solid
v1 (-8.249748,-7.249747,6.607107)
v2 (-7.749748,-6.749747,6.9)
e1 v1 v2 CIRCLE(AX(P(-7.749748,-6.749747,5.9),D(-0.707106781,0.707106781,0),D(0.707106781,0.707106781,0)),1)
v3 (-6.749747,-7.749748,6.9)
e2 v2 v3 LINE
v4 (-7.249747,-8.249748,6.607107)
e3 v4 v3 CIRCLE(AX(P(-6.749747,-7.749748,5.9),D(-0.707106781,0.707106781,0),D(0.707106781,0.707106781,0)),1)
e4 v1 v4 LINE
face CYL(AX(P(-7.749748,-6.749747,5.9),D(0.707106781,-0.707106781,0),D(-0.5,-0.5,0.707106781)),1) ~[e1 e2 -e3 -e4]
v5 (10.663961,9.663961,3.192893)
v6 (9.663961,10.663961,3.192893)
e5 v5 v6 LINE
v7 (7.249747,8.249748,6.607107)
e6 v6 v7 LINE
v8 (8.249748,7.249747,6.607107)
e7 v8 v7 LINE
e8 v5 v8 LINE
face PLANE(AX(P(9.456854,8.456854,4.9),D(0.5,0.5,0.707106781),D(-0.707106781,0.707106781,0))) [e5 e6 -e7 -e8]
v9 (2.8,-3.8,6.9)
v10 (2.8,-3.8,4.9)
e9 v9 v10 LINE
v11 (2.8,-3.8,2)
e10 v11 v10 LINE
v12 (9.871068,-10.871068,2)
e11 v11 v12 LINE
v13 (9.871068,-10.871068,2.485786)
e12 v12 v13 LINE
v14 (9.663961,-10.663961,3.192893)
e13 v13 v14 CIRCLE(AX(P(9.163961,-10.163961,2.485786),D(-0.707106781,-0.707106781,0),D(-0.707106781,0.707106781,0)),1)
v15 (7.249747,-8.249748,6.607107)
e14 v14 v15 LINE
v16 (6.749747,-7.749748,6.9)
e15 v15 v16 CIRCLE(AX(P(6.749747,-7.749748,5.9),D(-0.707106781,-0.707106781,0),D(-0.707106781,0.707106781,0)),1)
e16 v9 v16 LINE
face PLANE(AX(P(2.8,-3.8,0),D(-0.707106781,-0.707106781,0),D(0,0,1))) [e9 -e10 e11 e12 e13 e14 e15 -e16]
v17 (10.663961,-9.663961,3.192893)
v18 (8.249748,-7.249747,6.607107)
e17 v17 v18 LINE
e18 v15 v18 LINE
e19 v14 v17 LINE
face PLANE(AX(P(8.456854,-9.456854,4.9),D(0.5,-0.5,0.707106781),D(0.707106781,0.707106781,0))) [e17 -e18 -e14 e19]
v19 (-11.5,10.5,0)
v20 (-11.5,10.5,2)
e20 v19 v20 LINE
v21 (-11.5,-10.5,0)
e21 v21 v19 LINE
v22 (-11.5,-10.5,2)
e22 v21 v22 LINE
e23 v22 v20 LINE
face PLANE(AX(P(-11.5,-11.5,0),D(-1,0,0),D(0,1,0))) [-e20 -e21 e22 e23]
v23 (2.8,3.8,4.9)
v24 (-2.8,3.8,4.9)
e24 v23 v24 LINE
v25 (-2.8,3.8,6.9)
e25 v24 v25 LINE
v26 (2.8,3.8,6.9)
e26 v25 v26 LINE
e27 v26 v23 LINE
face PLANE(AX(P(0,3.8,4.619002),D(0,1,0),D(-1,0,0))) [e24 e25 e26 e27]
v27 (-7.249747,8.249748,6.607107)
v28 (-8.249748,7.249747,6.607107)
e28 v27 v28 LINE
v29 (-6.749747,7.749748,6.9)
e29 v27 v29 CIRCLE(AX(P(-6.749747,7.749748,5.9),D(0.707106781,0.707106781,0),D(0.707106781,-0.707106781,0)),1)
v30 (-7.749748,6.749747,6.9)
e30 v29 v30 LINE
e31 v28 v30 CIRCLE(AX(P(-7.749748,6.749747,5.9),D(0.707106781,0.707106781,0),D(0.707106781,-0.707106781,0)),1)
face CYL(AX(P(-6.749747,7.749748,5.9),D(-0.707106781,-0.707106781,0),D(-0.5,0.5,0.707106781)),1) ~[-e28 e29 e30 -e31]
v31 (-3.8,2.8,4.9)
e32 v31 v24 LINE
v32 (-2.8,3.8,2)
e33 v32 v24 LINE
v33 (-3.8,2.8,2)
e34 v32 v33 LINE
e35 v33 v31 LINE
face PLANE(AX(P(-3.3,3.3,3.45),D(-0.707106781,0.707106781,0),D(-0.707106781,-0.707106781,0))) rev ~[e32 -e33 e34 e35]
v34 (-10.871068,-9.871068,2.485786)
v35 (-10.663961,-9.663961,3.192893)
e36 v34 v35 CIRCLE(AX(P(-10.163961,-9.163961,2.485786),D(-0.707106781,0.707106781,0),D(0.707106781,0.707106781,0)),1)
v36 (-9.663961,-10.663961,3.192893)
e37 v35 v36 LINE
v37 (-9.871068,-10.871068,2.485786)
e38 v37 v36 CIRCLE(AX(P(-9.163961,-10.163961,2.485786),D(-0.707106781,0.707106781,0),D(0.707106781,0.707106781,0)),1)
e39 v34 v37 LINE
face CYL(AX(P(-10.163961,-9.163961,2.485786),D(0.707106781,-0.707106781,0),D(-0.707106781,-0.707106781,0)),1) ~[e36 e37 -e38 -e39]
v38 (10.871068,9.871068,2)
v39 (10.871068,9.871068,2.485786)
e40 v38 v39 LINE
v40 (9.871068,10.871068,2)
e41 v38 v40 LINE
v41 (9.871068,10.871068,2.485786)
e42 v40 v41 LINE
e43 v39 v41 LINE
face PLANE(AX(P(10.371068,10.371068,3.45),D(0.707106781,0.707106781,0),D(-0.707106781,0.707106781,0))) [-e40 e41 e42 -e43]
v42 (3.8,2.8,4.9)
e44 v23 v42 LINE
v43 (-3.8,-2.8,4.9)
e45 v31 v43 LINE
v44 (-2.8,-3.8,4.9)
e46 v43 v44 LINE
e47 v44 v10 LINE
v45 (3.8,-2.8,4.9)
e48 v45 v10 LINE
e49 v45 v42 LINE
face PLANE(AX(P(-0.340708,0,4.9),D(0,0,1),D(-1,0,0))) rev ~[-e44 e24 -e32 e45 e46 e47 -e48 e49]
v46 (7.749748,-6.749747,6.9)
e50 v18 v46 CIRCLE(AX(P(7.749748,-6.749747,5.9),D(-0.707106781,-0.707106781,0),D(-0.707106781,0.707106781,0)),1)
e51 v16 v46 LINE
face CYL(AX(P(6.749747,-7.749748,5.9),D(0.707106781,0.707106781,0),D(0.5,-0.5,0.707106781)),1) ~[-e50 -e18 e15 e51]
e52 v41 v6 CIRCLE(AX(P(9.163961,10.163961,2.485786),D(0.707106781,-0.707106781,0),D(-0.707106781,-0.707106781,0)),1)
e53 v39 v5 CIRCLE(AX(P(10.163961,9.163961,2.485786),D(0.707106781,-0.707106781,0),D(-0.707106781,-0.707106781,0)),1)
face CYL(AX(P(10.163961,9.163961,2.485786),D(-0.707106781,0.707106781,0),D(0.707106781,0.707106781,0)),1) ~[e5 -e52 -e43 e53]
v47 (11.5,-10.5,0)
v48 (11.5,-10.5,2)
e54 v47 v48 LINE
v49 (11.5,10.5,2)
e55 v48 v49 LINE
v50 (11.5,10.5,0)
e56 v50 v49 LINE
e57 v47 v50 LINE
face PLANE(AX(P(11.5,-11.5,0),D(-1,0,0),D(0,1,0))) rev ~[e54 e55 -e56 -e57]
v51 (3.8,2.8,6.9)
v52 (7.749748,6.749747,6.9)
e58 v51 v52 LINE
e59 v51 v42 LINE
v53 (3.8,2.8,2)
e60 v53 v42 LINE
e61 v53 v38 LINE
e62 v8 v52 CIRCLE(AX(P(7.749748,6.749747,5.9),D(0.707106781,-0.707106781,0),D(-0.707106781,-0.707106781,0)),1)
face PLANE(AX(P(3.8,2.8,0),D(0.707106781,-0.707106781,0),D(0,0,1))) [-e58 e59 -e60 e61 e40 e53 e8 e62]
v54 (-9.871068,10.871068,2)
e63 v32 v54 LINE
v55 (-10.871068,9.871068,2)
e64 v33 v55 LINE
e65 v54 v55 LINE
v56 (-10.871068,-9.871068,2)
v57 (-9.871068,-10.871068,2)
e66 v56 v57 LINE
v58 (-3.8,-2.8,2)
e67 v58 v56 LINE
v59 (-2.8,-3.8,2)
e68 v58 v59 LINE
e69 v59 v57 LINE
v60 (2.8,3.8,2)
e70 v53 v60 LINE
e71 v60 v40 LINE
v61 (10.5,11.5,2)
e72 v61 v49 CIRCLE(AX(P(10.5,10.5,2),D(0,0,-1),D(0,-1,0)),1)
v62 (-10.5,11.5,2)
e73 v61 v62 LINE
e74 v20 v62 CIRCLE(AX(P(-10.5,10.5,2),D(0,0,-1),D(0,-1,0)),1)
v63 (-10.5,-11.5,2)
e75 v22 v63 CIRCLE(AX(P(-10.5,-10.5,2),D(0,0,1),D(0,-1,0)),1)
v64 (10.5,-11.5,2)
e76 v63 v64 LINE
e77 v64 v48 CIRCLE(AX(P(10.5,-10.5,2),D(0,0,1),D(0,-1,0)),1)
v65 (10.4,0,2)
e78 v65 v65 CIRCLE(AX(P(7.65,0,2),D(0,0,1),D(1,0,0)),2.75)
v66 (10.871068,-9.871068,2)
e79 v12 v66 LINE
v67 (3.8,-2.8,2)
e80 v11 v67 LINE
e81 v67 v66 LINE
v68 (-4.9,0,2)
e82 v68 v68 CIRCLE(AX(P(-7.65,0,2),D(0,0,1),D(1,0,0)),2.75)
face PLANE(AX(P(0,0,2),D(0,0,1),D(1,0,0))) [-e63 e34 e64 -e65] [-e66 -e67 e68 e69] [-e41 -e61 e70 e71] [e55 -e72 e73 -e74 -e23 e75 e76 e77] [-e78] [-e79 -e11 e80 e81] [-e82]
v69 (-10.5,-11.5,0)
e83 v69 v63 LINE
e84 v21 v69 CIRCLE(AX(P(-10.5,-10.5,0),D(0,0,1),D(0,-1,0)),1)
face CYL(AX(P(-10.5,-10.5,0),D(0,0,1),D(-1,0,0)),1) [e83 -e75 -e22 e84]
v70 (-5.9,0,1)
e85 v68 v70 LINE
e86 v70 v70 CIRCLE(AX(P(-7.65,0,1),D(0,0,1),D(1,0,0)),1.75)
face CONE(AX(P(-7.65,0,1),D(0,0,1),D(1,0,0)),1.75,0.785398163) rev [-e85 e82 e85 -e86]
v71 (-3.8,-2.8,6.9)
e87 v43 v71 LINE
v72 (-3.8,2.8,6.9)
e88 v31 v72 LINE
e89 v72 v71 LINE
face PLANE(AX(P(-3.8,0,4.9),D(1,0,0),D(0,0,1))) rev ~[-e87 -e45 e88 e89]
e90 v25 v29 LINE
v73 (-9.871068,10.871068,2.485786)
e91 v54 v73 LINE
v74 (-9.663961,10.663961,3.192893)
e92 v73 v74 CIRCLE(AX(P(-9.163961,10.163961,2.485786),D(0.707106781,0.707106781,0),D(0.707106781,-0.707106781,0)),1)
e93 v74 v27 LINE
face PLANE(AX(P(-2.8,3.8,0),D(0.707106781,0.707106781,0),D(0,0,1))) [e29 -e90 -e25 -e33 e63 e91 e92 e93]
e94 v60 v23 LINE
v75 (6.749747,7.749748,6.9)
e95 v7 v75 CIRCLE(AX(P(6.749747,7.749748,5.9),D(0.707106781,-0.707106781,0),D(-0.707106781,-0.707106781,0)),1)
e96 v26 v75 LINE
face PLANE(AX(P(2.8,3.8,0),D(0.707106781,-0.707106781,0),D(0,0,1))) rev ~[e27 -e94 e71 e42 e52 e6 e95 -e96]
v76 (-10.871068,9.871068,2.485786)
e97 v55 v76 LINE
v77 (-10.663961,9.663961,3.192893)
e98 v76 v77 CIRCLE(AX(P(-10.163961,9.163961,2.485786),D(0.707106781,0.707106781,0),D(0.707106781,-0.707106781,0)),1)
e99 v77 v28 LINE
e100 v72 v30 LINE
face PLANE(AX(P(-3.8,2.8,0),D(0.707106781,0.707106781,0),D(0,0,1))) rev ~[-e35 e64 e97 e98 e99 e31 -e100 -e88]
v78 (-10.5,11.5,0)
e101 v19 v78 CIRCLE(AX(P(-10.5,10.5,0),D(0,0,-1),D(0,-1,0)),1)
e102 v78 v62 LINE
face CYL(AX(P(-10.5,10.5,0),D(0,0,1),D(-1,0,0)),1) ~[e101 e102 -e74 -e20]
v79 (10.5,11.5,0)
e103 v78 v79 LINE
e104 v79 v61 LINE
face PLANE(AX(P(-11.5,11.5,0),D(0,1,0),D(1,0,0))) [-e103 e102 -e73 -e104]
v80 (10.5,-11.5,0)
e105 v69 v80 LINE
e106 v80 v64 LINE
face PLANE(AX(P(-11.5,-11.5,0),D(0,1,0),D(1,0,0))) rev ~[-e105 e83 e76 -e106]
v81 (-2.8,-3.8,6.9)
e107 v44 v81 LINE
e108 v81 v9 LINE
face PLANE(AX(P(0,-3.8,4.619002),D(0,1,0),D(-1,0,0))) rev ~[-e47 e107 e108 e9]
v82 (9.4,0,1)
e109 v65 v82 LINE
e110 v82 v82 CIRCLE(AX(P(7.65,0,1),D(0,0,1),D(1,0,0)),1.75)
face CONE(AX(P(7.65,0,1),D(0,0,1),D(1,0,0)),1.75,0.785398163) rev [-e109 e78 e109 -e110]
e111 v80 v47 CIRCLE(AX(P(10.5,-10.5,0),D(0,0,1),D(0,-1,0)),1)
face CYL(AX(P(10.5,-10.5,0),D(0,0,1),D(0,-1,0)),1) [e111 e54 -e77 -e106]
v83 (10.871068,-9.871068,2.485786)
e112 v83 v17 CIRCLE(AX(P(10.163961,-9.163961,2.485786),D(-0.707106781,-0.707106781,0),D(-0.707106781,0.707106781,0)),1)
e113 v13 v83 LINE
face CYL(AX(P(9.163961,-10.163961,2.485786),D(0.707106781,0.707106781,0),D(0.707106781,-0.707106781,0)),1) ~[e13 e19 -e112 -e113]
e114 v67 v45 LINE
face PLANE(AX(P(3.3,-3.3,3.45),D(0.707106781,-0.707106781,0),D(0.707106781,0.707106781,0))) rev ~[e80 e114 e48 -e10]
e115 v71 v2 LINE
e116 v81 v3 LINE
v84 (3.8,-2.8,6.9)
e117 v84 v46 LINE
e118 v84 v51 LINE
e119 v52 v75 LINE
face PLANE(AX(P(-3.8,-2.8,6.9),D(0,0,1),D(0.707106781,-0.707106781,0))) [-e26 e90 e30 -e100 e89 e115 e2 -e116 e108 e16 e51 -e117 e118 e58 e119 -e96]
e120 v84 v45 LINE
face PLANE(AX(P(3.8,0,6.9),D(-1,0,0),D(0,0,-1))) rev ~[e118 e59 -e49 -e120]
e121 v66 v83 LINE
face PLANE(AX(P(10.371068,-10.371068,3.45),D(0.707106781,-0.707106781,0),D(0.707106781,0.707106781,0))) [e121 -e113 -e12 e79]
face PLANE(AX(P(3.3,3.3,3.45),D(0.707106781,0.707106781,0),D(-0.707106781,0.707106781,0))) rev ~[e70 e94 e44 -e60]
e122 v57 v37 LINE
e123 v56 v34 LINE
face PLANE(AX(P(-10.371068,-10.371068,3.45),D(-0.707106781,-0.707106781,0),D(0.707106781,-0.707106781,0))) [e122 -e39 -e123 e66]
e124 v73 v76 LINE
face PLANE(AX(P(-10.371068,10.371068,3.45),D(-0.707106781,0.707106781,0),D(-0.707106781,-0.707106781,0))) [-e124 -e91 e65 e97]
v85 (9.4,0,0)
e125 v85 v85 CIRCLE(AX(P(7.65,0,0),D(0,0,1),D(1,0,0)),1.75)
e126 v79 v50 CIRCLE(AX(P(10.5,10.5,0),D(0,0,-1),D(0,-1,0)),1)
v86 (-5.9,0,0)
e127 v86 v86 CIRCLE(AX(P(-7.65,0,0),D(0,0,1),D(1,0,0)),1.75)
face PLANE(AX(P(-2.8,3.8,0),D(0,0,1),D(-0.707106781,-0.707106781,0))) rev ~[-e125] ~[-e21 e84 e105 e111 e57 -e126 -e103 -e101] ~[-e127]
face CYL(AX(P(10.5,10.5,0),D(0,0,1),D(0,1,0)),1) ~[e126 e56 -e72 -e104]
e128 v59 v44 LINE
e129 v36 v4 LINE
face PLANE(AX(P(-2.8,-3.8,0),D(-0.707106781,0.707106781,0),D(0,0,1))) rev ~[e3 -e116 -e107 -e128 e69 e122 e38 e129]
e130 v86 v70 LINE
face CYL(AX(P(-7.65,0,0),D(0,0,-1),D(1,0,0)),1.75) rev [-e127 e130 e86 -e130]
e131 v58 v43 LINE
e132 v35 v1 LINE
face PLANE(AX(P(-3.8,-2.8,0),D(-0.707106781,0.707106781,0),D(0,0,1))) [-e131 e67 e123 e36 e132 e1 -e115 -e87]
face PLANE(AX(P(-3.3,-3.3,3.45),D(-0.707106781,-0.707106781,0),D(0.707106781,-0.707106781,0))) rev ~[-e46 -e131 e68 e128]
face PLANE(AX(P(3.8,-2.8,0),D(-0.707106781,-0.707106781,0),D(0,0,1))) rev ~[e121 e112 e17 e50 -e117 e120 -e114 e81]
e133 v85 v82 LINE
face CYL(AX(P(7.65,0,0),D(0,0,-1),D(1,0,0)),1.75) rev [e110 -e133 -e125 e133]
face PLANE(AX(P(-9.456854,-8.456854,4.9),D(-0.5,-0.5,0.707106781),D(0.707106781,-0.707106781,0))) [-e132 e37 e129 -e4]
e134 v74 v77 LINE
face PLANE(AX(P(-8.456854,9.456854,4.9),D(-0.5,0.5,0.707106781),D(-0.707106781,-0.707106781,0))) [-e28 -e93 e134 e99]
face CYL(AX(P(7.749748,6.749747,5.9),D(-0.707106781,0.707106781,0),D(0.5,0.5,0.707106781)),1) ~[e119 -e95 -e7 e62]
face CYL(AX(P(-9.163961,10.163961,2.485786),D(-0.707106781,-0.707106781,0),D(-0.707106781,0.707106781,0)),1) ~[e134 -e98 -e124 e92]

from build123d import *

# Parameters (mm, degrees)
SKETCH_W           = 23
SKETCH_H           = 23
SKETCH_R           = 1.75
PAD_DEPTH          = 2
FILLET_R           = 1
CHAMFER_SIZE       = 1
PAD002_DEPTH       = 3.8
CHAMFER002_SIZE    = 1
SKETCH003_W        = 1.414214
SKETCH003_H        = 6.9
PAD003_DEPTH       = 10
POLARPATTERN_COUNT = 4
CHAMFER003_SIZE    = 4
SKETCH004_W        = 2.365725
SKETCH004_H        = 2.9
POCKET_DEPTH       = 11.501
POCKET_DEPTH_BACK  = -11.501
FILLET001_R        = 1


with BuildPart() as part:
    # Sketch → Pad (new body)
    with BuildSketch(Plane.XY):
        Rectangle(SKETCH_W, SKETCH_H)
        with Locations((-7.65, 0)):
            Circle(SKETCH_R, mode=Mode.SUBTRACT)
        with Locations((7.65, 0)):
            Circle(SKETCH_R, mode=Mode.SUBTRACT)
    extrude(amount=PAD_DEPTH)

    # Fillet
    fillet_edges = [part.edges().sort_by_distance(p)[0] for p in [
        (-11.5, 11.5, 1),
        (-11.5, -11.5, 1),
        (11.5, -11.5, 1),
        (11.5, 11.5, 1),
    ]]
    fillet(fillet_edges, radius=FILLET_R)

    # Chamfer
    chamfer_edges = [part.edges().sort_by_distance(p)[0] for p in [
        (-9.4, 0, 2),
        (5.9, 0, 2),
    ]]
    chamfer(chamfer_edges, length=CHAMFER_SIZE)

    # Sketch002 → Pad002 (join, symmetric)
    with BuildSketch(Plane.XZ):
        Polygon((-3.8, 6.9), (3.8, 6.9), (3.8, 4.9), (0.340708, 4.9), (0.340708, 0), (-0.340708, 0), (-0.340708, 4.9), (-3.8, 4.9), align=None)
    extrude(amount=PAD002_DEPTH, both=True)

    # Chamfer002
    chamfer002_edges = [part.edges().sort_by_distance(p)[0] for p in [
        (-3.8, -3.8, 5.9),
        (-3.8, 3.8, 5.9),
        (3.8, -3.8, 5.9),
        (3.8, 3.8, 5.9),
    ]]
    chamfer(chamfer002_edges, length=CHAMFER002_SIZE)

    # Sketch003 (on Face3 of Chamfer002) → Pad003 (join)
    with BuildSketch(Plane(origin=(-3.3, -3.3, 0), x_dir=(0.707107, -0.707107, 0), z_dir=(-0.707107, -0.707107, 0))):
        with Locations((0, 3.45)):
            Rectangle(SKETCH003_W, SKETCH003_H)
    pad003 = extrude(amount=PAD003_DEPTH)

    # PolarPattern: Pad003 ×4 about axis
    polarpattern_axis = Axis((0, 0, 0), (0, 0, 1))
    for i in range(1, POLARPATTERN_COUNT):
        add(pad003.rotate(polarpattern_axis, i * 360 / POLARPATTERN_COUNT))

    # Chamfer003
    chamfer003_edges = [part.edges().sort_by_distance(p)[0] for p in [
        (10.371068, -10.371068, 6.9),
        (10.371068, 10.371068, 6.9),
        (-10.371068, 10.371068, 6.9),
        (-10.371068, -10.371068, 6.9),
    ]]
    chamfer(chamfer003_edges, length=CHAMFER003_SIZE)

    # Sketch004 → Pocket (cut, two sides)
    with BuildSketch(Plane.XZ) as pocket_sk:
        with Locations((0.122459, 3.45)):
            Rectangle(SKETCH004_W, SKETCH004_H)
    extrude(amount=-POCKET_DEPTH, mode=Mode.SUBTRACT)
    extrude(pocket_sk.sketch, amount=-POCKET_DEPTH_BACK, mode=Mode.SUBTRACT)

    # Fillet001
    fillet001_edges = [part.edges().sort_by_distance(p)[0] for p in [
        (-10.371068, -10.371068, 2.9),
        (10.371068, -10.371068, 2.9),
        (7.542641, -7.542641, 6.9),
        (-7.542641, -7.542641, 6.9),
        (-7.542641, 7.542641, 6.9),
        (7.542641, 7.542641, 6.9),
        (10.371068, 10.371068, 2.9),
        (-10.371068, 10.371068, 2.9),
    ]]
    fillet(fillet001_edges, radius=FILLET001_R)


solid = part.part
